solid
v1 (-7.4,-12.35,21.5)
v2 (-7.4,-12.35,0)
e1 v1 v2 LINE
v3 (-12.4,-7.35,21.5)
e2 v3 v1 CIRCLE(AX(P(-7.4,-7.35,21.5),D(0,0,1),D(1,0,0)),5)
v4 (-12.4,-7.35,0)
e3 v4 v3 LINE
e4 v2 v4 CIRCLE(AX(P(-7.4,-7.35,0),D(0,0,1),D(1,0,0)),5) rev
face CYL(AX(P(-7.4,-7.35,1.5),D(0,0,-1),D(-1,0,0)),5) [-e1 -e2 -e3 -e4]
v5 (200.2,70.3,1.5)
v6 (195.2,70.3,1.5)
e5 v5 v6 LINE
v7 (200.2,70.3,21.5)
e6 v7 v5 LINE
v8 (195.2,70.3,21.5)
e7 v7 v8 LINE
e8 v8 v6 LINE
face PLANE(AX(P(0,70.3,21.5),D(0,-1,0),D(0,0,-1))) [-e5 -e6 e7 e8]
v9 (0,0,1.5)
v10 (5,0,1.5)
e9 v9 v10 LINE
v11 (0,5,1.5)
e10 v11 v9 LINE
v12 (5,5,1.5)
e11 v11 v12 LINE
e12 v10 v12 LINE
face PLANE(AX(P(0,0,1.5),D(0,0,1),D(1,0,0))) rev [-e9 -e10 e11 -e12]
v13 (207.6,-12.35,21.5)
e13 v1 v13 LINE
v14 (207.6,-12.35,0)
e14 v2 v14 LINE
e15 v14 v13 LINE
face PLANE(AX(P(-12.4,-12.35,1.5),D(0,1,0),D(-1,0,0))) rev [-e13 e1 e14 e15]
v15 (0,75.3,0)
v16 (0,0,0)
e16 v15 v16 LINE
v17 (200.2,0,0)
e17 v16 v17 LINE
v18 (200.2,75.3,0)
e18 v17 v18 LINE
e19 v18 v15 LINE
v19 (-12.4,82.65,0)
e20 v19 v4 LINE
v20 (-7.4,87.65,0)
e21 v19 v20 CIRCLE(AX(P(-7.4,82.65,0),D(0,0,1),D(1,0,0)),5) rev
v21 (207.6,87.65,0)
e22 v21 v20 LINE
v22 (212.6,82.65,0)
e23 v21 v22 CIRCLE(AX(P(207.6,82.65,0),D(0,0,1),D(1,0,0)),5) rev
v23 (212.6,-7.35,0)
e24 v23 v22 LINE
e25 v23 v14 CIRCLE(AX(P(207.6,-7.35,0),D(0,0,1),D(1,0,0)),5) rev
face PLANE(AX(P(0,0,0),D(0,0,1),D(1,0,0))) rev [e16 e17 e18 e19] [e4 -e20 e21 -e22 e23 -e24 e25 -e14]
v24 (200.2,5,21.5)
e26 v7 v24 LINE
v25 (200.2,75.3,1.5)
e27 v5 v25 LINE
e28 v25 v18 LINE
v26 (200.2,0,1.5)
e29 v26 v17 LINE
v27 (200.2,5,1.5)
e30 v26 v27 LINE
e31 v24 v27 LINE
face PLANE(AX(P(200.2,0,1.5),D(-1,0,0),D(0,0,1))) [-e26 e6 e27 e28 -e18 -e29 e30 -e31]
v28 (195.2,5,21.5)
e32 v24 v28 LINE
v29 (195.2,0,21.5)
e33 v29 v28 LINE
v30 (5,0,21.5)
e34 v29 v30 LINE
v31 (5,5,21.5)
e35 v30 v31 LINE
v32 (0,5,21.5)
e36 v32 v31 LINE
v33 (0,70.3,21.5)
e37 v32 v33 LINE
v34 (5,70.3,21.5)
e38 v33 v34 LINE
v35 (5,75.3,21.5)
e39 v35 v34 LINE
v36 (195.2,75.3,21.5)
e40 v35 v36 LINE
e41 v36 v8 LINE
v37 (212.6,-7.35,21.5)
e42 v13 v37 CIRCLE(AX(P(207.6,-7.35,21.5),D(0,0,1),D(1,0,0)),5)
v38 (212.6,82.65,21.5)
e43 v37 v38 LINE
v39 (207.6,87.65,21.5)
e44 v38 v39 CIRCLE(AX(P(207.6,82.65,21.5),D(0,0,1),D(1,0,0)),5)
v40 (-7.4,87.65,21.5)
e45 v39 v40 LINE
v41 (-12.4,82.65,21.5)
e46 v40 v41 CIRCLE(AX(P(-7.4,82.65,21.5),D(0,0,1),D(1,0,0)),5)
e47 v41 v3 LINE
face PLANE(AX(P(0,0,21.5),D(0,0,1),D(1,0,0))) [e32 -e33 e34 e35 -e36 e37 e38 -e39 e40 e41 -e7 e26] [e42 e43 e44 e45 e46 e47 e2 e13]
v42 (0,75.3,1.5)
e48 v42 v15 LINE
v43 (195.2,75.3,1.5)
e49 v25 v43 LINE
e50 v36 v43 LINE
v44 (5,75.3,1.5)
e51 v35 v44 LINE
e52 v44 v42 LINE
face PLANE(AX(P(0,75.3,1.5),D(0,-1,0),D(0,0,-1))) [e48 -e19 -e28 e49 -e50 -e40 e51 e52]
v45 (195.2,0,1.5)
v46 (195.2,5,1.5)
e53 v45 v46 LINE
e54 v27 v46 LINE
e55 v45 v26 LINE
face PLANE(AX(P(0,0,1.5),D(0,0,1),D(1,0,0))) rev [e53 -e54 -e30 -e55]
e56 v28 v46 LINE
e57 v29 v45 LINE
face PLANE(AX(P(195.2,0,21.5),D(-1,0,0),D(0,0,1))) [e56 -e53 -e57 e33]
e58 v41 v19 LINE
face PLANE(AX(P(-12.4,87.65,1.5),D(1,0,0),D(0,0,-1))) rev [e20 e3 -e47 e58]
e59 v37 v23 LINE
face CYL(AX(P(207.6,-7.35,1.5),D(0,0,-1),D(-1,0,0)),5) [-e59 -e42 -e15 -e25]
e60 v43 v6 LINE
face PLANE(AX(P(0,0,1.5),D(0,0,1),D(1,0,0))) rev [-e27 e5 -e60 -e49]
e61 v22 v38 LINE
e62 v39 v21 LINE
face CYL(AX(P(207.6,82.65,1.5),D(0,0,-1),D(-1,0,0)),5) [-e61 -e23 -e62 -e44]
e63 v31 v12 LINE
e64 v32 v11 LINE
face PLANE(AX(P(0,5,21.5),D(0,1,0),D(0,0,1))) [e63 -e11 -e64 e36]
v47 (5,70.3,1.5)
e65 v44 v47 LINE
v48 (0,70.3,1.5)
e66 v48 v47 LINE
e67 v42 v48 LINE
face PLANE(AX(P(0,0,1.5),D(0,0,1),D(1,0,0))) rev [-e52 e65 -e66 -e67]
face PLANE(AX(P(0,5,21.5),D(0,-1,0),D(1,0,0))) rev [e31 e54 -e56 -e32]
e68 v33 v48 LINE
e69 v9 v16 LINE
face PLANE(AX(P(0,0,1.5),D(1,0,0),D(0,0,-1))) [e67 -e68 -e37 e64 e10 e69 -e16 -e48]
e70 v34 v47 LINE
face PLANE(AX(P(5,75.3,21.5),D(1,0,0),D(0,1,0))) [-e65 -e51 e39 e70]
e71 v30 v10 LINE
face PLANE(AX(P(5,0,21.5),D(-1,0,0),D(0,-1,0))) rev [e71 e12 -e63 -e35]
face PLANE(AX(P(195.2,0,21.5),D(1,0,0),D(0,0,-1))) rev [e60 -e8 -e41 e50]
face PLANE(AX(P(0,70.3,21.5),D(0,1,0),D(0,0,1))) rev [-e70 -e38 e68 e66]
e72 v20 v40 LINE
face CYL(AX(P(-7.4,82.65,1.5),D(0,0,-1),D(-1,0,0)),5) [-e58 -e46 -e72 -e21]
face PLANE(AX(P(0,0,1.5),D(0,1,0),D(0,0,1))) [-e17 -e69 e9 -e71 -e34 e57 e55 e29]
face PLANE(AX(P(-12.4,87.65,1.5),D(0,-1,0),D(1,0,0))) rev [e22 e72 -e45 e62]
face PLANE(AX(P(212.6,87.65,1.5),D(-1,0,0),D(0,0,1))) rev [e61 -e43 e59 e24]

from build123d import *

# Parameters (mm, degrees)
SKETCH1_W           = 225
SKETCH1_H           = 100
SKETCH1_W_2         = 200.2
SKETCH1_H_2         = 75.3
BOSS_EXTRUDE1_DEPTH = 1.5
SKETCH2_W           = 225
SKETCH2_H           = 100
SKETCH2_W_2         = 5
SKETCH2_H_2         = 5
BOSS_EXTRUDE2_DEPTH = 20
FILLET1_R           = 5


with BuildPart() as part:
    # Sketch1 → Boss-Extrude1 (new body)
    with BuildSketch(Plane.XY):
        with Locations((100.1, 37.65)):
            Rectangle(SKETCH1_W, SKETCH1_H)
        with Locations((100.1, 37.65)):
            Rectangle(SKETCH1_W_2, SKETCH1_H_2, mode=Mode.SUBTRACT)
    extrude(amount=BOSS_EXTRUDE1_DEPTH)

    # Sketch2 → Boss-Extrude2 (add)
    # profile 1 of 5: a face of its own
    with BuildSketch(Plane.XY.offset(1.5)):
        with Locations((100.1, 37.65)):
            Rectangle(SKETCH2_W, SKETCH2_H)
        Polygon((0, 70.3), (0, 75.3), (5, 75.3), (195.2, 75.3), (200.2, 75.3), (200.2, 70.3), (200.2, 5), (200.2, 0), (195.2, 0), (5, 0), (0, 0), (0, 5), align=None, mode=Mode.SUBTRACT)
    # profile 2 of 5: a face of its own
    with BuildSketch(Plane.XY.offset(1.5)):
        with Locations((197.7, 2.5)):
            Rectangle(SKETCH2_W_2, SKETCH2_H_2)
    # profile 3 of 5: a face of its own
    with BuildSketch(Plane.XY.offset(1.5)):
        with Locations((197.7, 72.8)):
            Rectangle(SKETCH2_W_2, SKETCH2_H_2)
    # profile 4 of 5: a face of its own
    with BuildSketch(Plane.XY.offset(1.5)):
        with Locations((2.5, 72.8)):
            Rectangle(SKETCH2_W_2, SKETCH2_H_2)
    # profile 5 of 5: a face of its own
    with BuildSketch(Plane.XY.offset(1.5)):
        with Locations((2.5, 2.5)):
            Rectangle(SKETCH2_W_2, SKETCH2_H_2)
    extrude(amount=BOSS_EXTRUDE2_DEPTH)

    # Fillet1
    fillet1_edges = [part.edges().sort_by_distance(p)[0] for p in [
        (-12.4, 87.65, 10.75),
        (212.6, 87.65, 10.75),
        (212.6, -12.35, 10.75),
        (-12.4, -12.35, 10.75),
    ]]
    fillet(fillet1_edges, radius=FILLET1_R)


solid = part.part
